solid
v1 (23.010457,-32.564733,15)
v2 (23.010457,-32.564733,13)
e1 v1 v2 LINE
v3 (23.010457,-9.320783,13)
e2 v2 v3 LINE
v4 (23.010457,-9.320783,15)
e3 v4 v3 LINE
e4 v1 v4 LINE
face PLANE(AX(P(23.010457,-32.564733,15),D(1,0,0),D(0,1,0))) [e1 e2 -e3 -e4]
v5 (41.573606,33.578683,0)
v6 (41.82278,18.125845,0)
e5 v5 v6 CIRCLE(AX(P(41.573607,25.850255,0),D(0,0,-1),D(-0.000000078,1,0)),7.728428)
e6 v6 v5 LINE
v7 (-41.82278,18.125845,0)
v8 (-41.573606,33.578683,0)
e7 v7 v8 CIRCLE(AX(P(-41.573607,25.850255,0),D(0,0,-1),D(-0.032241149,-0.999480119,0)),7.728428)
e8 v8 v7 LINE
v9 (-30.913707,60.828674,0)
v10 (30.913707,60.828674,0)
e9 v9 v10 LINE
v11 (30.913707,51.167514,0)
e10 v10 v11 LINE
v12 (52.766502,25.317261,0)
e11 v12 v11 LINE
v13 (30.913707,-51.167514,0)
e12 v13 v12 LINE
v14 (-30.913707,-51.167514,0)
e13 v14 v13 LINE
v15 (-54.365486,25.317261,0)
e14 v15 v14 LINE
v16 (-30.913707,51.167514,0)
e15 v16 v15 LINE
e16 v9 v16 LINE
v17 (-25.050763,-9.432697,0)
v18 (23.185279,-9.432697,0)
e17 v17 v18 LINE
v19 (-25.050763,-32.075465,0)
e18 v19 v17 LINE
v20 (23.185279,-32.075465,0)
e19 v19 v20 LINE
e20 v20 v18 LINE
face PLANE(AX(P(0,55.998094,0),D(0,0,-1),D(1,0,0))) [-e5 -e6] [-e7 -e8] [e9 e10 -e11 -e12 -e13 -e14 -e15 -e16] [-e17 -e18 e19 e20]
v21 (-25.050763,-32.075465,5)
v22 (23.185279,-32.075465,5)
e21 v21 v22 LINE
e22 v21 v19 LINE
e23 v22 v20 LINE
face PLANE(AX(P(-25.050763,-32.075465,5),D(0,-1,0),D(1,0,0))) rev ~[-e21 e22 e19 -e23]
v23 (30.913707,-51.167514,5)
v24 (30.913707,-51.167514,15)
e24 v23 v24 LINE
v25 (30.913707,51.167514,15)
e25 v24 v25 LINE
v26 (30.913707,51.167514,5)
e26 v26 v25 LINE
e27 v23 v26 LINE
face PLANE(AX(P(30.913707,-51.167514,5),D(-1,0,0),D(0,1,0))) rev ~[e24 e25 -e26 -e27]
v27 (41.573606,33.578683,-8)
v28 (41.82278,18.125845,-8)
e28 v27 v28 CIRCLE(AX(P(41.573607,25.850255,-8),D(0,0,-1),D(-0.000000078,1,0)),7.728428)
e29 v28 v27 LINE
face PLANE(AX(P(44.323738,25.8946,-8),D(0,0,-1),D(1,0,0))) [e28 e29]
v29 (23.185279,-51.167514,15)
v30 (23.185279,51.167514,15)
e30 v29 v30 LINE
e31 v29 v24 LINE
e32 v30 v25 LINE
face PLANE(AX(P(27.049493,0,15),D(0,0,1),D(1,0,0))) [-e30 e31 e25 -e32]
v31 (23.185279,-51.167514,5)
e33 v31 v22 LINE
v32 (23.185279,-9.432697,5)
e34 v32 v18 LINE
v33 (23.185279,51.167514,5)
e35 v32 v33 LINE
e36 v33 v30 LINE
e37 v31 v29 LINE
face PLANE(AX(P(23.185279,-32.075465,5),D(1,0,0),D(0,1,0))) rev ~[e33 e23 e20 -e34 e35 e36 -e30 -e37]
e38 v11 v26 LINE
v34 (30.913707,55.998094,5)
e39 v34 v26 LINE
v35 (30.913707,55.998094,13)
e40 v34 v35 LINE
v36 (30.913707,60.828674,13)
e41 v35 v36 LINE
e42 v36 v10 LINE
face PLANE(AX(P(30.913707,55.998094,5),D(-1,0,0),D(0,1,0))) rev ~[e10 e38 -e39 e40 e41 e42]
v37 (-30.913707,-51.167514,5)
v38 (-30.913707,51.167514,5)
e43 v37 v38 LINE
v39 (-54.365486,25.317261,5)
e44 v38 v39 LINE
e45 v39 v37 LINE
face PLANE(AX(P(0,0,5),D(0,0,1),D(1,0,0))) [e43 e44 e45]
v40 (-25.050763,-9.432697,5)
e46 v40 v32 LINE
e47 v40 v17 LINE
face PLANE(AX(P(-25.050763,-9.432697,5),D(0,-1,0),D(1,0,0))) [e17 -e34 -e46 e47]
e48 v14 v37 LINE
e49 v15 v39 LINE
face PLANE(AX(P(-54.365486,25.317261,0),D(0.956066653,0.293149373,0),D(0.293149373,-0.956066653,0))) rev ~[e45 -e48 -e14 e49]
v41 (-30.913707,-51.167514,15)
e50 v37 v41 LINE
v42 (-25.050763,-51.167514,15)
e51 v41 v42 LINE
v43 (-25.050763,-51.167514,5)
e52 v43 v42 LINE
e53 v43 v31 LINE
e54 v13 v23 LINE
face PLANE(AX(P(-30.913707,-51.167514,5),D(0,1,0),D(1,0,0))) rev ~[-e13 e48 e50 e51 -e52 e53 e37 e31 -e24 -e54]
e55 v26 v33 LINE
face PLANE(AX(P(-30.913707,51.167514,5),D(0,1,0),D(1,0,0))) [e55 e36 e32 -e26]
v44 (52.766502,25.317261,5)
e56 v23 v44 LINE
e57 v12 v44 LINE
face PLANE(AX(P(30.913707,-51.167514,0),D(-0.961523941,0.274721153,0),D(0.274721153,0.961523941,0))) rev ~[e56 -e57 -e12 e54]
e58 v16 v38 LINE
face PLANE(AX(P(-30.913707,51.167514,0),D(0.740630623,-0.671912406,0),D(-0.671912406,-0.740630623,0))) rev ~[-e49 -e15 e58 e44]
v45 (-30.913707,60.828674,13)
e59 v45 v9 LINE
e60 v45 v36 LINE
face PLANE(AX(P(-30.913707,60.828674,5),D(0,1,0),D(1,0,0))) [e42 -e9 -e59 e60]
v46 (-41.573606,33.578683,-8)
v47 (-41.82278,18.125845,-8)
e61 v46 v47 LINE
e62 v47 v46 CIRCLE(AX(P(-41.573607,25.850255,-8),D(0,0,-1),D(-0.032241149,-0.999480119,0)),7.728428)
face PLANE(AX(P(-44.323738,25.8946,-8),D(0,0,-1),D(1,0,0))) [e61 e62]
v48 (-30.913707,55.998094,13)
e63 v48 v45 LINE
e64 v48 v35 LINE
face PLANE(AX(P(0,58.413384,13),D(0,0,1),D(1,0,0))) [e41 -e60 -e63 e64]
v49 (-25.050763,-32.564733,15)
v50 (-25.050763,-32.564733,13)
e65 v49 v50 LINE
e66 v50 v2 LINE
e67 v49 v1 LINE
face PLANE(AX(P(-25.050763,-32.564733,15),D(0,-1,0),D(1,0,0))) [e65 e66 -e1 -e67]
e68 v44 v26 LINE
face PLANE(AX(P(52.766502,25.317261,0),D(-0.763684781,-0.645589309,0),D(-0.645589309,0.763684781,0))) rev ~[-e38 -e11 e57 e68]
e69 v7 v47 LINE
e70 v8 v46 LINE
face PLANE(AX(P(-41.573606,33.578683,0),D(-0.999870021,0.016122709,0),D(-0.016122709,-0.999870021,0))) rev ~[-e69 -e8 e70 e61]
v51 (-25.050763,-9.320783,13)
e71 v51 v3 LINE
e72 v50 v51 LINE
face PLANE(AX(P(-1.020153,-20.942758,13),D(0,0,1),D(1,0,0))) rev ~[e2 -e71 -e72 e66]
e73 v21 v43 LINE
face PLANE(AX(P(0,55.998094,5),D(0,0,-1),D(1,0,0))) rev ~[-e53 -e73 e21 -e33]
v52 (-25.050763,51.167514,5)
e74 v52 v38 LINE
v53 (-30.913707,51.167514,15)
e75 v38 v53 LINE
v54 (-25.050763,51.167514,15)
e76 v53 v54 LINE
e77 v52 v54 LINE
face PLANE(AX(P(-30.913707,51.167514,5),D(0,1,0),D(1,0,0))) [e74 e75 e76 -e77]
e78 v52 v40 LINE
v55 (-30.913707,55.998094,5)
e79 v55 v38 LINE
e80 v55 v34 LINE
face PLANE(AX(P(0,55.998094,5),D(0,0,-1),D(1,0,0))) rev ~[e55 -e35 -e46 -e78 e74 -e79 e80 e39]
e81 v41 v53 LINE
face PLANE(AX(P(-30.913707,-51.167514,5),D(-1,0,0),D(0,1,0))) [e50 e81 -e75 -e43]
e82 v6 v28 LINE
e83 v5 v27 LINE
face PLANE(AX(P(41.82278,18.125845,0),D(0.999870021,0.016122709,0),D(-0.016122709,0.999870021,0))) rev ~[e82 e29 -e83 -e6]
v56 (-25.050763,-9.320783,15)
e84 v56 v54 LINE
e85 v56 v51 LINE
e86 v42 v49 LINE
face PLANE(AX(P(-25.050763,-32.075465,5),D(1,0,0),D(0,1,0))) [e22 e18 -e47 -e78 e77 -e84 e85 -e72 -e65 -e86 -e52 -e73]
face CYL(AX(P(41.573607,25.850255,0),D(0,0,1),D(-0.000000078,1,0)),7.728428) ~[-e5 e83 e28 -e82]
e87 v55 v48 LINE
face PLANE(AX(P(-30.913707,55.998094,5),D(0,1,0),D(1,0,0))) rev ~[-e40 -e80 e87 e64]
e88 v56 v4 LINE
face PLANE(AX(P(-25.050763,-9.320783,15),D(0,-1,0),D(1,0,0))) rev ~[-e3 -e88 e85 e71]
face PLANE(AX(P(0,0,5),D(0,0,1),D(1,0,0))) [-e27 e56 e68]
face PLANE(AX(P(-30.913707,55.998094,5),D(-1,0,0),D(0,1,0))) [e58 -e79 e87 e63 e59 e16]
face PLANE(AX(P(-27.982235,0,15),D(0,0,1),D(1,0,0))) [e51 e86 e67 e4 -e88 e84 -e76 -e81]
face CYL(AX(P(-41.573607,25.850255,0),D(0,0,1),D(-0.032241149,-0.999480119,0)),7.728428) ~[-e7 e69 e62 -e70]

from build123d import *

# Parameters (mm, degrees)
F0_W      = 61.827414
F0_H      = 102.335028
F1_DEPTH  = 5
F2_W      = 5.862944
F2_H      = 102.335028
F2_W_2    = 7.728428
F3_DEPTH  = 10
F4_W      = 61.827414
F4_H      = 9.661161
F5_DEPTH  = 5
F6_W      = 61.827414
F6_H      = 4.830581
F7_DEPTH  = 8
F8_W      = 48.236042
F8_H      = 22.642768
F9_DEPTH  = 5
F10_W     = 48.06122
F10_H     = 23.24395
F11_DEPTH = 2
F13_DEPTH = 8


with BuildPart() as f1:
    # F0 (on Top) → F1 (new body)
    with BuildSketch(Plane.XY):
        Rectangle(F0_W, F0_H)
        Polygon((-30.913707, -51.167514), (-30.913707, 51.167514), (-54.365486, 25.317261), align=None)
        Polygon((52.766502, 25.317261), (30.913707, 51.167514), (30.913707, -51.167514), align=None)
    extrude(amount=F1_DEPTH)

    # F2 (on face) → F3 (join)
    with BuildSketch(Plane.XY.offset(5)):
        with Locations((-27.982235, 0)):
            Rectangle(F2_W, F2_H)
        with Locations((27.049493, 0)):
            Rectangle(F2_W_2, F2_H)
    extrude(amount=F3_DEPTH)

    # F4 (on face) → F5 (join)
    with BuildSketch(Plane(origin=(0, 0, 0), x_dir=(1, 0, 0), z_dir=(0, 0, -1))):
        with Locations((0, -55.998094)):
            Rectangle(F4_W, F4_H)
    extrude(amount=-F5_DEPTH)

    # F6 (on face) → F7 (join)
    with BuildSketch(Plane.XY.offset(5)):
        with Locations((0, 58.413384)):
            Rectangle(F6_W, F6_H)
    extrude(amount=F7_DEPTH)

    # F8 (on face) → F9 (cut)
    with BuildSketch(Plane.XY.offset(5)):
        with Locations((-0.932742, -20.754081)):
            Rectangle(F8_W, F8_H)
    extrude(amount=-F9_DEPTH, mode=Mode.SUBTRACT)

    # F10 (on face) → F11 (join)
    with BuildSketch(Plane.XY.offset(15)):
        with Locations((-1.020153, -20.942758)):
            Rectangle(F10_W, F10_H)
    extrude(amount=-F11_DEPTH)

    # F12 (on face) → F13 (join)
    with BuildSketch(Plane(origin=(0, 0, 0), x_dir=(1, 0, 0), z_dir=(0, 0, -1))):
        with BuildLine():
            ThreePointArc((-41.82278, -18.125845), (-49.30103, -25.974858), (-41.573606, -33.578683))
            Line((-41.573606, -33.578683), (-41.82278, -18.125845))
        make_face()
        with BuildLine():
            ThreePointArc((41.573606, -33.578683), (49.30103, -25.974858), (41.82278, -18.125845))
            Line((41.82278, -18.125845), (41.573606, -33.578683))
        make_face()
    extrude(amount=F13_DEPTH)


solid = f1.part
